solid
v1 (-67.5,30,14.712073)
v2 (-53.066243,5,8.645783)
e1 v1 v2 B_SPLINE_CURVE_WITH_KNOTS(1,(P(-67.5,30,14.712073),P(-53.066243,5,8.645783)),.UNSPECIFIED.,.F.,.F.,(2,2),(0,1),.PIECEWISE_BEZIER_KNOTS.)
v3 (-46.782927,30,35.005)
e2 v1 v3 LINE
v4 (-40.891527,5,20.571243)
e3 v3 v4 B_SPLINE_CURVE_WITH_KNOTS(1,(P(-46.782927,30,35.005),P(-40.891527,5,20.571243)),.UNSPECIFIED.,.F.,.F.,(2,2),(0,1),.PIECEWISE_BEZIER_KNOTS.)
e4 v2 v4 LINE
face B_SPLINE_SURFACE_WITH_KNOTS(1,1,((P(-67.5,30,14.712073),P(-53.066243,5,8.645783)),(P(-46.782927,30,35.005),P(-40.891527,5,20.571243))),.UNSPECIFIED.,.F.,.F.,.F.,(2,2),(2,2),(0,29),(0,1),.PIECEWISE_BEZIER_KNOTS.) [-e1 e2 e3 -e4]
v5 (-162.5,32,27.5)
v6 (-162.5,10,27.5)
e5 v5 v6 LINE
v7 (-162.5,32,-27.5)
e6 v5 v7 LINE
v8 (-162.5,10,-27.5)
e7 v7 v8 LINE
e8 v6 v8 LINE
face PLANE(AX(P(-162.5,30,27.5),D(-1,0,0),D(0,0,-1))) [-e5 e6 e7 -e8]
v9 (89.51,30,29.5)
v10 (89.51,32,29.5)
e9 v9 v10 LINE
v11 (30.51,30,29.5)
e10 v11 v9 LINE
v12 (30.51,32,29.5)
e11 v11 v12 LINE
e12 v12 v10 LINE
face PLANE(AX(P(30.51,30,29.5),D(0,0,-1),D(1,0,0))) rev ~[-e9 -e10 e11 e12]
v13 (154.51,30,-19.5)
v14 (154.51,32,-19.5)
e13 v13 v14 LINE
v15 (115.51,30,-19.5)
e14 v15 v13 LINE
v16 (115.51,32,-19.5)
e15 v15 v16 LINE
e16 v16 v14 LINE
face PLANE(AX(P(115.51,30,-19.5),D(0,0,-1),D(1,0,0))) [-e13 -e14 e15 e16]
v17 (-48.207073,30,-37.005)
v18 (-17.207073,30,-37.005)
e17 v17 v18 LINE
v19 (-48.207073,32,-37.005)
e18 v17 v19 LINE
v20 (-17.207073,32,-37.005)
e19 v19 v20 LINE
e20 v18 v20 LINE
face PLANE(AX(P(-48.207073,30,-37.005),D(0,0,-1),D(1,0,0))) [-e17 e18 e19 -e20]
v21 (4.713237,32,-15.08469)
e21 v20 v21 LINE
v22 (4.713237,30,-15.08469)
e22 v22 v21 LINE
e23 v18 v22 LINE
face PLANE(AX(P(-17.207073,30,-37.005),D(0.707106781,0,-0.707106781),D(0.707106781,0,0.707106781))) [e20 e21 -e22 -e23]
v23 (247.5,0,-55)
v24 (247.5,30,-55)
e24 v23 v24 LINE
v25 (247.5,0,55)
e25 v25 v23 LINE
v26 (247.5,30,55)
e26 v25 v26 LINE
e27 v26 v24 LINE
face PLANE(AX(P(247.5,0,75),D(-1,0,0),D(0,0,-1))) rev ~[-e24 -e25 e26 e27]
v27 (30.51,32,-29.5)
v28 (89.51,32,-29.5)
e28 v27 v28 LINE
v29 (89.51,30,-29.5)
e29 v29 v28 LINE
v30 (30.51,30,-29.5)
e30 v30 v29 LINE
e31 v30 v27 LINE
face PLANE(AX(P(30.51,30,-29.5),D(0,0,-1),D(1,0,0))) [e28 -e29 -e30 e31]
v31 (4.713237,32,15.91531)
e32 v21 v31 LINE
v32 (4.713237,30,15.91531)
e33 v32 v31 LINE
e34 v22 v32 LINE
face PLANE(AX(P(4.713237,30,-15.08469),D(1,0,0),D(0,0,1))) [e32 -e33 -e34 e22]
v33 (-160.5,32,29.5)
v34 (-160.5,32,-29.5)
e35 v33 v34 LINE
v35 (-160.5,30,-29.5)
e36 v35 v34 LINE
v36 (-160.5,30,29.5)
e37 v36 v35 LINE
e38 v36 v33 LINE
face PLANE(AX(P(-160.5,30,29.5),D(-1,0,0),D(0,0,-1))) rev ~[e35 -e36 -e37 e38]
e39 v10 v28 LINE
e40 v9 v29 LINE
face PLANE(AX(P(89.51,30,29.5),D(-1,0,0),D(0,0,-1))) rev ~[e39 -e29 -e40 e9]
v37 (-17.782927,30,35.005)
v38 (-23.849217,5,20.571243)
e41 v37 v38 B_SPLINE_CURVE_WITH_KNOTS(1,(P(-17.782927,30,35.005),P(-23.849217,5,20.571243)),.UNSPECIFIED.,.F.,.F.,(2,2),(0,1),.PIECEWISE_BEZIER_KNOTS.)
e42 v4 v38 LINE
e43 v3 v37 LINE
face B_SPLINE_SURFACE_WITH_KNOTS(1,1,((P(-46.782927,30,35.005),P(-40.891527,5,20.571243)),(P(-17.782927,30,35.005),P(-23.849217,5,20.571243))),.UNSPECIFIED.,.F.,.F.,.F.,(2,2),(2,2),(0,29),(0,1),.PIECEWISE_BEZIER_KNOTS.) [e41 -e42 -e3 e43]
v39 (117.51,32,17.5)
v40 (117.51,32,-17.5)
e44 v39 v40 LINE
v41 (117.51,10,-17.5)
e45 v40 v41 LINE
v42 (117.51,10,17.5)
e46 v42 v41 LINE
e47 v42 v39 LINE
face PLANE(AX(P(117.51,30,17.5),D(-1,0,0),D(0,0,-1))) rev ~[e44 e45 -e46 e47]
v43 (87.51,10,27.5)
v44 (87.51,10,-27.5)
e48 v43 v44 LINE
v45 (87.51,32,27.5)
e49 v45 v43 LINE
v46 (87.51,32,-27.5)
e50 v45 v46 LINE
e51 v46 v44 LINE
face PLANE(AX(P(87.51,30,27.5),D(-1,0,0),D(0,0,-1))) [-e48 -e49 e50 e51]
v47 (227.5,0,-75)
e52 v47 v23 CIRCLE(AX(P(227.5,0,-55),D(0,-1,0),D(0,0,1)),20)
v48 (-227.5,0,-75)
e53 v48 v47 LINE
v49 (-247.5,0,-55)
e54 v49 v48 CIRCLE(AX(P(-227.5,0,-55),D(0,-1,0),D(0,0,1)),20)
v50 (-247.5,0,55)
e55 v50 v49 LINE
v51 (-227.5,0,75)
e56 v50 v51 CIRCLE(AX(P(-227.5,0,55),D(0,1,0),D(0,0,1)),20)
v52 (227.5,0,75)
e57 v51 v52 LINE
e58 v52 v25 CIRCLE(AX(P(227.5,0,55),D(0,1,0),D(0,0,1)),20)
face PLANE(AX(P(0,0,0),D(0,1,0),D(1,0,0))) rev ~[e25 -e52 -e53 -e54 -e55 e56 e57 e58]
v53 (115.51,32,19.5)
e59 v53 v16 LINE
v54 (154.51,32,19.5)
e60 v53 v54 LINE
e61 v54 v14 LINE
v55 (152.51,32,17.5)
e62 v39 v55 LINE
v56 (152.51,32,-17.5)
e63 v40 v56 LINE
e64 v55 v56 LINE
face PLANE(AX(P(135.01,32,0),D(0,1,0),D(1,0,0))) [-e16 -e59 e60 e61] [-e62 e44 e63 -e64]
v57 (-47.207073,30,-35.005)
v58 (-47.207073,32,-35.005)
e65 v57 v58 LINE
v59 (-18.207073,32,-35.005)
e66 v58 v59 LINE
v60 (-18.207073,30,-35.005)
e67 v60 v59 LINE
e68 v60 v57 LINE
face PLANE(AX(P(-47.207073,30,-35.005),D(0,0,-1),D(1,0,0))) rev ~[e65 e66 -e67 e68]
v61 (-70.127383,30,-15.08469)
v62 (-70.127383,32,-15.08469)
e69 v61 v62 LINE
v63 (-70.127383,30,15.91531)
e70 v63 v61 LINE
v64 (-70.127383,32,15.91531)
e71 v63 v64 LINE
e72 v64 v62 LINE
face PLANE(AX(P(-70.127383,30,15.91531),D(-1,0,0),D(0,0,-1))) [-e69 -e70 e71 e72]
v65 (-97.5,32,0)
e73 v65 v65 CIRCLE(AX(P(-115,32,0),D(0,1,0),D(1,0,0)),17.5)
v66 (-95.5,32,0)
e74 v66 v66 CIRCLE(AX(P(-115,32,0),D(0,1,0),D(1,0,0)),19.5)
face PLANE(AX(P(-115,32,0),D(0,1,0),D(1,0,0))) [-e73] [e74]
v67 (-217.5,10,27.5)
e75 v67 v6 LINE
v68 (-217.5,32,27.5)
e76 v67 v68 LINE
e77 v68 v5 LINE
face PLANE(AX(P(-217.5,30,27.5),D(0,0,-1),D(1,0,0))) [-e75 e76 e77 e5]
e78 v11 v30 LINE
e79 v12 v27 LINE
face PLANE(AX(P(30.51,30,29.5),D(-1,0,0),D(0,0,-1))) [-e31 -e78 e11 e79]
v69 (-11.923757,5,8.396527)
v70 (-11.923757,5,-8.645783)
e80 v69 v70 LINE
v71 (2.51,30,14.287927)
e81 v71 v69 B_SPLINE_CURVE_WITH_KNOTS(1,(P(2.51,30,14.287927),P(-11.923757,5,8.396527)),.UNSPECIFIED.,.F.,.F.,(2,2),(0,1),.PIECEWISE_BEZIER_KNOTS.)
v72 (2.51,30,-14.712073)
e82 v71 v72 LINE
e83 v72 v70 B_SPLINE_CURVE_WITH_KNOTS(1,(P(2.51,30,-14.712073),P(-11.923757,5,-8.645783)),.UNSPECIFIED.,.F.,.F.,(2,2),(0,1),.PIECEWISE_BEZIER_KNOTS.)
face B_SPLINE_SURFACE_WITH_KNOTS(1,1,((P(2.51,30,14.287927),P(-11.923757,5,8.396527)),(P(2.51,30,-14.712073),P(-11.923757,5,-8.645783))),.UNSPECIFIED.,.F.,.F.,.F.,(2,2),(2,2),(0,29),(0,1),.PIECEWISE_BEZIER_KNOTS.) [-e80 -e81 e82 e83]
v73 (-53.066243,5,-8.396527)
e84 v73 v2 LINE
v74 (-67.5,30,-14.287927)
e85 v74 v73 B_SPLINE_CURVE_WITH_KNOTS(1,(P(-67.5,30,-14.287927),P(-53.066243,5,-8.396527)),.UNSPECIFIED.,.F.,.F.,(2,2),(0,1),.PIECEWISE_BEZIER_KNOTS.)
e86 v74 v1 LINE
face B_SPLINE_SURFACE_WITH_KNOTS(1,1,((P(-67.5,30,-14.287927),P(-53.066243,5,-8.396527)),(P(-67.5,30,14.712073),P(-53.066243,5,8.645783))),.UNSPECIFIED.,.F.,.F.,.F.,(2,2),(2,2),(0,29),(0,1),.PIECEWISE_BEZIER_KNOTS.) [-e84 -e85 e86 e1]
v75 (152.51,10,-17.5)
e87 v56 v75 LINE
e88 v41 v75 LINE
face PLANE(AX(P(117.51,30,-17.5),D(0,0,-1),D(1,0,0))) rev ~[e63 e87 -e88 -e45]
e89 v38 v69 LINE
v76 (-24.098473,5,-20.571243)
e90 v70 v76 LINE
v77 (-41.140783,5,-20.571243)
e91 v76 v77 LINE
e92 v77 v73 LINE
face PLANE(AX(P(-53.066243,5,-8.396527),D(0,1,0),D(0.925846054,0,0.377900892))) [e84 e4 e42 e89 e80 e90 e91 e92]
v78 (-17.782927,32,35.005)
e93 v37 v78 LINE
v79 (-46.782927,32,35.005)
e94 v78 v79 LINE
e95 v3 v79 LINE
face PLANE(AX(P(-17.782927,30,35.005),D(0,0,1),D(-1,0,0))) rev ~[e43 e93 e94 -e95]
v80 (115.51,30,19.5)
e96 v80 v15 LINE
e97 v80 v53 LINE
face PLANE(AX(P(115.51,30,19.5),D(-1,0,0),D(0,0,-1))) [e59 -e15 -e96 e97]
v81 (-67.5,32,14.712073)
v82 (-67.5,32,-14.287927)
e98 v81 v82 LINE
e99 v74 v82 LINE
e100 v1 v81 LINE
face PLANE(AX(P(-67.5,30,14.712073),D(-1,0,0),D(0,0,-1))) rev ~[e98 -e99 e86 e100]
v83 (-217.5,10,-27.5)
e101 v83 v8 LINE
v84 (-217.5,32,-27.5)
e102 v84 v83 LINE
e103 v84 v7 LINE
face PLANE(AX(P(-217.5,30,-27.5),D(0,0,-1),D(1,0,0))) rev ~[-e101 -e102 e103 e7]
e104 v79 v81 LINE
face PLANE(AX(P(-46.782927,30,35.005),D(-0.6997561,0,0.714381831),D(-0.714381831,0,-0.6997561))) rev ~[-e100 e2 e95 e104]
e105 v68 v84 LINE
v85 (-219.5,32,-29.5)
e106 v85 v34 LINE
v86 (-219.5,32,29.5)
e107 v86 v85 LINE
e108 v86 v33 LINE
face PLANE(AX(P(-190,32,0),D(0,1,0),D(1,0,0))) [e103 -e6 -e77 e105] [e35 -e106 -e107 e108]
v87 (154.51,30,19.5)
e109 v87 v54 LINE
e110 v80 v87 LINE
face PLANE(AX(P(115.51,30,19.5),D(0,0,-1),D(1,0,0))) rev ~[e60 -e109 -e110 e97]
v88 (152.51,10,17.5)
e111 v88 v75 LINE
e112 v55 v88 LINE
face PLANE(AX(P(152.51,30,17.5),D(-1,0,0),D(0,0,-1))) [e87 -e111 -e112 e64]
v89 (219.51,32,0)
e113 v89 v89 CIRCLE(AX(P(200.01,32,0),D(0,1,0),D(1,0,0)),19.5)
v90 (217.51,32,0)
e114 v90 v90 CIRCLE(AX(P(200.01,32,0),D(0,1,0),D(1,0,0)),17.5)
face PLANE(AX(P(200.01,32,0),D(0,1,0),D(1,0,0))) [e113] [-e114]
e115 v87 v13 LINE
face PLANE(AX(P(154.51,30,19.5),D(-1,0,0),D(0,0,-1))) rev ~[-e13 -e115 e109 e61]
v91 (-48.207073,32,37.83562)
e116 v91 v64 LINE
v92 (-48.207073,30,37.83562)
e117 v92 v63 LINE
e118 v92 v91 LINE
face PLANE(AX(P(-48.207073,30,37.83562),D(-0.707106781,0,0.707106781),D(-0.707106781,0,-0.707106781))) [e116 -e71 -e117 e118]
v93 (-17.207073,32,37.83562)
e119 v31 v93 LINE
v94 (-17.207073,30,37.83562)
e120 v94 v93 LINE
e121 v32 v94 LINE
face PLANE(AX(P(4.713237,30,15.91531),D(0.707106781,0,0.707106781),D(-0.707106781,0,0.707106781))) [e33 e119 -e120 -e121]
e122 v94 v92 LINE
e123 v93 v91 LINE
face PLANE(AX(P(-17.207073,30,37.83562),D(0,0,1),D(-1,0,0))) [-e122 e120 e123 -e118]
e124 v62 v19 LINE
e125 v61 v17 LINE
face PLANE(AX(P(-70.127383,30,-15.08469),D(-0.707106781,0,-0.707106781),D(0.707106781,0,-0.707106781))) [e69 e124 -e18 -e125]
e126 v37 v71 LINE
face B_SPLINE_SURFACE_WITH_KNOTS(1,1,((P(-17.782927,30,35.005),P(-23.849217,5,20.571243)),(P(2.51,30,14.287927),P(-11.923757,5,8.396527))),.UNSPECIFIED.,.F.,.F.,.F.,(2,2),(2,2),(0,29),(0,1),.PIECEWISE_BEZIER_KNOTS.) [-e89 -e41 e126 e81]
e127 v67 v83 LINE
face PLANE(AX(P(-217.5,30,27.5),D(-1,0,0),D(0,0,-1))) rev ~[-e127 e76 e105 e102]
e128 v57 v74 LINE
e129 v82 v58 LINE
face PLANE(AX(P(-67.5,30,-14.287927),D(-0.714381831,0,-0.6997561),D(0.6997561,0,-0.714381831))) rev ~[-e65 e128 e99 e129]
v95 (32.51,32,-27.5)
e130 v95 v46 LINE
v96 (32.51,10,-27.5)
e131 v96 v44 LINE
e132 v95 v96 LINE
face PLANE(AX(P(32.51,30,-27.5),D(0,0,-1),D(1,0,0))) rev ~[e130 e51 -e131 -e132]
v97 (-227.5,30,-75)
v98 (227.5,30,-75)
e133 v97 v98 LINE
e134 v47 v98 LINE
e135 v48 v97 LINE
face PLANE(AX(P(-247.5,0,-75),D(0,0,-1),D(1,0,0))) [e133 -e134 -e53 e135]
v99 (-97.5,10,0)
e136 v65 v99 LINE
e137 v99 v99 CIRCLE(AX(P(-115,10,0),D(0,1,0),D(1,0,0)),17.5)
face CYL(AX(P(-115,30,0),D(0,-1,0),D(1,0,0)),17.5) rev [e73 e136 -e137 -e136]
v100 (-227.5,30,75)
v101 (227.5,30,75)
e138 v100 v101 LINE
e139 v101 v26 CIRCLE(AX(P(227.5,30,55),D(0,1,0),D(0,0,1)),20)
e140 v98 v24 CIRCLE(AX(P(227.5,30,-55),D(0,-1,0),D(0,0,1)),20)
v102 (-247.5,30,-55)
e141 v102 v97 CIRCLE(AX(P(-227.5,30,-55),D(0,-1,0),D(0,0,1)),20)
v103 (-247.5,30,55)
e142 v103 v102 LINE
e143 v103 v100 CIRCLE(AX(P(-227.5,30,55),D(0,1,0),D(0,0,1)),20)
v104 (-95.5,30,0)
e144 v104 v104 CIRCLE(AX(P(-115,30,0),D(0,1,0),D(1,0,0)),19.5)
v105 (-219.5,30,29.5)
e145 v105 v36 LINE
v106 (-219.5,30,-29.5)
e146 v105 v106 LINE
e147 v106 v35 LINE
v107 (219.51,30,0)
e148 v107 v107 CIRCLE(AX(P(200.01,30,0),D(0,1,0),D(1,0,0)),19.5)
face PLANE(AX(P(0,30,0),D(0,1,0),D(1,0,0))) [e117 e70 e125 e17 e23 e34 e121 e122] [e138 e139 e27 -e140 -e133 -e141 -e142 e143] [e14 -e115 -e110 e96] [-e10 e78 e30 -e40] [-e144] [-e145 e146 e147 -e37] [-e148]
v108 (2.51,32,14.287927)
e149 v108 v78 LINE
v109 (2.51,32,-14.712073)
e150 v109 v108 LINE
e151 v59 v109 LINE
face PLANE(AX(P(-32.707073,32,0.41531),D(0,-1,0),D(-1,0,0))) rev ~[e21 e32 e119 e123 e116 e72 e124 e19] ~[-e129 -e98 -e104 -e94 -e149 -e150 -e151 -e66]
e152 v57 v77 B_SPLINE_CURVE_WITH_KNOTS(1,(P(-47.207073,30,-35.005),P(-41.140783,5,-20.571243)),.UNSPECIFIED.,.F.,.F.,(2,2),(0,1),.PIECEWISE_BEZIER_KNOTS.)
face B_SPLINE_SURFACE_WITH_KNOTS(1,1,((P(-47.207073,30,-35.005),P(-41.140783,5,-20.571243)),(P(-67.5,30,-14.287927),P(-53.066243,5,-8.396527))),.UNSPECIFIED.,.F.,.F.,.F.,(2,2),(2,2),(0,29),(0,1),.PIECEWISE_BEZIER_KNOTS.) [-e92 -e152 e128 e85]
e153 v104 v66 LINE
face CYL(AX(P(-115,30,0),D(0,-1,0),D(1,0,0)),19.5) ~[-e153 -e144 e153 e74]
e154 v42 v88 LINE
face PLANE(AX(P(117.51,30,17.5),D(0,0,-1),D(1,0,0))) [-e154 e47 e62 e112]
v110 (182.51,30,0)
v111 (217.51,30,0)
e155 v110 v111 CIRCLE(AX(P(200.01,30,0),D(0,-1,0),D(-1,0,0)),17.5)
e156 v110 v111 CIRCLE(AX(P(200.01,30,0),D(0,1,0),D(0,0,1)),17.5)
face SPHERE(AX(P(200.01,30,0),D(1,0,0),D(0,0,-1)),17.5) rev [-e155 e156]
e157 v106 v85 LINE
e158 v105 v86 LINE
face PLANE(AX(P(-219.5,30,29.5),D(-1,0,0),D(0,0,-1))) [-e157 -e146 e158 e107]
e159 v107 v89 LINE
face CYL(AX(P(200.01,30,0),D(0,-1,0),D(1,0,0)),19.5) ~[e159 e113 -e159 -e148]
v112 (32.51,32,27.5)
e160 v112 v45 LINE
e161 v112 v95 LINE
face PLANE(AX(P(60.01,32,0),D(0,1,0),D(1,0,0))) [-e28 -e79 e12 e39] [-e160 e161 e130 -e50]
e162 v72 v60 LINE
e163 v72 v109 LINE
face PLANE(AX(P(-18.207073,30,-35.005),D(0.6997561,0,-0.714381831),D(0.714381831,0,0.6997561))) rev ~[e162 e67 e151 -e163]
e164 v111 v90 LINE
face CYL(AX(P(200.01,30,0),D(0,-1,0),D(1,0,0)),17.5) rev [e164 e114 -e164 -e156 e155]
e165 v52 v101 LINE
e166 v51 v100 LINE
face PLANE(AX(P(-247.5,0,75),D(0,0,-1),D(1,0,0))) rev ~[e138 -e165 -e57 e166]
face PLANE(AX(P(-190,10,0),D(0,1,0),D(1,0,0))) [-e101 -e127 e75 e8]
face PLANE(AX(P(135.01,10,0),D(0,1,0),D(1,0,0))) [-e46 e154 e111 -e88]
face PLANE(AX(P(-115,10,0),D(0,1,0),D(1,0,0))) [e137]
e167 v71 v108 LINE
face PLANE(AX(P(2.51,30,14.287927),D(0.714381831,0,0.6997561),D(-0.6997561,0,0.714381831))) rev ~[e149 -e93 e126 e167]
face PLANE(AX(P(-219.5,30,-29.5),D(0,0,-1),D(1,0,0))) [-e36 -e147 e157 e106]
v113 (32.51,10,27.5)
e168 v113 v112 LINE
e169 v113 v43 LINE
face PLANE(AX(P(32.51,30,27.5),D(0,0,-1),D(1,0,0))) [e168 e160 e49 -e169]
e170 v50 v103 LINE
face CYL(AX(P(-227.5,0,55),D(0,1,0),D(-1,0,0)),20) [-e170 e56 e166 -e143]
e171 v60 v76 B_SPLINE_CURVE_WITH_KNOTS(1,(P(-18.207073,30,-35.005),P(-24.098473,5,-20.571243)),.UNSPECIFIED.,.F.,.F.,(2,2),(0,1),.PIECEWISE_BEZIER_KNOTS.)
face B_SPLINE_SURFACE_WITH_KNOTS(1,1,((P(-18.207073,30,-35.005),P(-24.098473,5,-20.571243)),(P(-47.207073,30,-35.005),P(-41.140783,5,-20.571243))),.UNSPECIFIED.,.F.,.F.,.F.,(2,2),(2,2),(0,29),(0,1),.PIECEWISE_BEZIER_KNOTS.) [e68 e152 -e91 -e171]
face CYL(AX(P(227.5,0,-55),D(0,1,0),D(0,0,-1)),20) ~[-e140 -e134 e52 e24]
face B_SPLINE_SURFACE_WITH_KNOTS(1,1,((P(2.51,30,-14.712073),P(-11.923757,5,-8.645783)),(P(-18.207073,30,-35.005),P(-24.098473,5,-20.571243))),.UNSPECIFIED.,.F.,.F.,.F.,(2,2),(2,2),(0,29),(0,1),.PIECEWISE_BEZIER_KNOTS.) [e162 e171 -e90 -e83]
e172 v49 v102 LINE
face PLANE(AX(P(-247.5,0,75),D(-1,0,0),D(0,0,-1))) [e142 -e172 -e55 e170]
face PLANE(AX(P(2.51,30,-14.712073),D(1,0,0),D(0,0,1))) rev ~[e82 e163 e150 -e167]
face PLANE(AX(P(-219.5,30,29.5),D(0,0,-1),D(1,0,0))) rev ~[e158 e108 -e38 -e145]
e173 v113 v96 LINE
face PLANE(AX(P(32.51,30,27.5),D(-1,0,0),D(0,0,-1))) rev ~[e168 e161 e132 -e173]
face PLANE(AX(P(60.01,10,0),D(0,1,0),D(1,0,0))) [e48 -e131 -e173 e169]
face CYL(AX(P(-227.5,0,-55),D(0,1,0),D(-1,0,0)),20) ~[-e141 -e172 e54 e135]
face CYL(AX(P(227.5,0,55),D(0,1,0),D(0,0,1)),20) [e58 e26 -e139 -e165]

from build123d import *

# Parameters (mm, degrees)
SKETCH1_W           = 495
SKETCH1_H           = 150
BOSS_EXTRUDE1_DEPTH = 30
SKETCH2_R           = 17.5
SKETCH2_W           = 55
SKETCH2_H           = 55
CUT_EXTRUDE1_DEPTH  = 20
CUT_EXTRUDE2_DEPTH  = 25
CUT_EXTRUDE2_TAPER  = 30
SKETCH5_W           = 55
SKETCH5_H           = 55
SKETCH5_W_2         = 35
SKETCH5_H_2         = 35
CUT_EXTRUDE3_DEPTH  = 20
FILLET1_R           = 20
SKETCH8_W           = 59
SKETCH8_H           = 59
SKETCH8_W_2         = 55
SKETCH8_H_2         = 55
BOSS_EXTRUDE2_DEPTH = 2
SKETCH9_R           = 19.5
SKETCH9_R_2         = 17.5
BOSS_EXTRUDE3_DEPTH = 2
BOSS_EXTRUDE4_DEPTH = 2
SKETCH11_W          = 59
SKETCH11_H          = 59
SKETCH11_W_2        = 55
SKETCH11_H_2        = 55
BOSS_EXTRUDE6_DEPTH = 2
SKETCH12_W          = 39
SKETCH12_H          = 39
SKETCH12_W_2        = 35
SKETCH12_H_2        = 35
BOSS_EXTRUDE7_DEPTH = 2
SKETCH13_R          = 19.5
SKETCH13_R_2        = 17.5
BOSS_EXTRUDE8_DEPTH = 2


with BuildPart() as part:
    # Sketch1 → Boss-Extrude1 (new body)
    with BuildSketch(Plane(origin=(0, 0, 0), x_dir=(1, 0, 0), z_dir=(0, 1, 0))):
        Rectangle(SKETCH1_W, SKETCH1_H)
    extrude(amount=BOSS_EXTRUDE1_DEPTH)

    # Sketch2 → Cut-Extrude1 (cut)
    with BuildSketch(Plane(origin=(0, 30, 0), x_dir=(1, 0, 0), z_dir=(0, 1, 0))):
        with Locations((-115, 0)):
            Circle(SKETCH2_R)
        with Locations((-190, 0)):
            Rectangle(SKETCH2_W, SKETCH2_H)
    extrude(amount=-CUT_EXTRUDE1_DEPTH, mode=Mode.SUBTRACT)

    # Sketch4 → Cut-Extrude2 (cut)
    with BuildSketch(Plane(origin=(0, 30, 0), x_dir=(1, 0, 0), z_dir=(0, 1, 0))):
        Polygon((-67.5, 14.287926899), (-67.5, -14.712073101), (-46.782926899, -35.005), (-17.782926899, -35.005), (2.51, -14.287926899), (2.51, 14.712073101), (-18.207073101, 35.005), (-47.207073101, 35.005), align=None)
    extrude(amount=-CUT_EXTRUDE2_DEPTH, taper=CUT_EXTRUDE2_TAPER, mode=Mode.SUBTRACT)

    # Sketch5 → Cut-Extrude3 (cut)
    with BuildSketch(Plane(origin=(0, 30, 0), x_dir=(1, 0, 0), z_dir=(0, 1, 0))):
        with Locations((60.01, 0)):
            Rectangle(SKETCH5_W, SKETCH5_H)
        with Locations((135.01, 0)):
            Rectangle(SKETCH5_W_2, SKETCH5_H_2)
    extrude(amount=-CUT_EXTRUDE3_DEPTH, mode=Mode.SUBTRACT)

    # Sketch6 → Cut-Revolve1 (revolve, cut)
    with BuildSketch(Plane(origin=(0, 30, 0), x_dir=(1, 0, 0), z_dir=(0, 1, 0))):
        with BuildLine():
            Line((217.51, 0), (182.51, 0))
            ThreePointArc((182.51, 0), (200.01, 17.5), (217.51, 0))
        make_face()
    revolve(axis=Axis((217.51, 30, 0), (-1, 0, 0)), mode=Mode.SUBTRACT)

    # Fillet1
    fillet1_edges = [part.edges().sort_by_distance(p)[0] for p in [
        (247.5, 15, 75),
        (-247.5, 15, 75),
        (-247.5, 15, -75),
        (247.5, 15, -75),
    ]]
    fillet(fillet1_edges, radius=FILLET1_R)

    # Sketch8 → Boss-Extrude2 (add)
    with BuildSketch(Plane(origin=(0, 30, 0), x_dir=(1, 0, 0), z_dir=(0, 1, 0))):
        with Locations((-190, 0)):
            Rectangle(SKETCH8_W, SKETCH8_H)
        with Locations((-190, 0)):
            Rectangle(SKETCH8_W_2, SKETCH8_H_2, mode=Mode.SUBTRACT)
    extrude(amount=BOSS_EXTRUDE2_DEPTH)

    # Sketch9 → Boss-Extrude3 (add)
    with BuildSketch(Plane(origin=(0, 30, 0), x_dir=(1, 0, 0), z_dir=(0, 1, 0))):
        with Locations((-115, 0)):
            Circle(SKETCH9_R)
        with Locations((-115, 0)):
            Circle(SKETCH9_R_2, mode=Mode.SUBTRACT)
    extrude(amount=BOSS_EXTRUDE3_DEPTH)

    # Sketch10 → Boss-Extrude4 (add)
    with BuildSketch(Plane(origin=(0, 30, 0), x_dir=(1, 0, 0), z_dir=(0, 1, 0))):
        Polygon((-48.207073101, 37.005), (-17.207073101, 37.005), (4.713237116, 15.084689783), (4.713237116, -15.915310217), (-17.207073101, -37.835620434), (-48.207073101, -37.835620434), (-70.127383317, -15.915310217), (-70.127383317, 15.084689783), align=None)
        Polygon((-47.207073101, 35.005), (-18.207073101, 35.005), (2.51, 14.712073101), (2.51, -14.287926899), (-17.782926899, -35.005), (-46.782926899, -35.005), (-67.5, -14.712073101), (-67.5, 14.287926899), align=None, mode=Mode.SUBTRACT)
    extrude(amount=BOSS_EXTRUDE4_DEPTH)

    # Sketch11 → Boss-Extrude6 (add)
    with BuildSketch(Plane(origin=(0, 30, 0), x_dir=(1, 0, 0), z_dir=(0, 1, 0))):
        with Locations((60.01, 0)):
            Rectangle(SKETCH11_W, SKETCH11_H)
        with Locations((60.01, 0)):
            Rectangle(SKETCH11_W_2, SKETCH11_H_2, mode=Mode.SUBTRACT)
    extrude(amount=BOSS_EXTRUDE6_DEPTH)

    # Sketch12 → Boss-Extrude7 (add)
    with BuildSketch(Plane(origin=(0, 30, 0), x_dir=(1, 0, 0), z_dir=(0, 1, 0))):
        with Locations((135.01, 0)):
            Rectangle(SKETCH12_W, SKETCH12_H)
        with Locations((135.01, 0)):
            Rectangle(SKETCH12_W_2, SKETCH12_H_2, mode=Mode.SUBTRACT)
    extrude(amount=BOSS_EXTRUDE7_DEPTH)

    # Sketch13 → Boss-Extrude8 (add)
    with BuildSketch(Plane(origin=(0, 30, 0), x_dir=(1, 0, 0), z_dir=(0, 1, 0))):
        with Locations((200.01, 0)):
            Circle(SKETCH13_R)
        with Locations((200.01, 0)):
            Circle(SKETCH13_R_2, mode=Mode.SUBTRACT)
    extrude(amount=BOSS_EXTRUDE8_DEPTH)


solid = part.part
